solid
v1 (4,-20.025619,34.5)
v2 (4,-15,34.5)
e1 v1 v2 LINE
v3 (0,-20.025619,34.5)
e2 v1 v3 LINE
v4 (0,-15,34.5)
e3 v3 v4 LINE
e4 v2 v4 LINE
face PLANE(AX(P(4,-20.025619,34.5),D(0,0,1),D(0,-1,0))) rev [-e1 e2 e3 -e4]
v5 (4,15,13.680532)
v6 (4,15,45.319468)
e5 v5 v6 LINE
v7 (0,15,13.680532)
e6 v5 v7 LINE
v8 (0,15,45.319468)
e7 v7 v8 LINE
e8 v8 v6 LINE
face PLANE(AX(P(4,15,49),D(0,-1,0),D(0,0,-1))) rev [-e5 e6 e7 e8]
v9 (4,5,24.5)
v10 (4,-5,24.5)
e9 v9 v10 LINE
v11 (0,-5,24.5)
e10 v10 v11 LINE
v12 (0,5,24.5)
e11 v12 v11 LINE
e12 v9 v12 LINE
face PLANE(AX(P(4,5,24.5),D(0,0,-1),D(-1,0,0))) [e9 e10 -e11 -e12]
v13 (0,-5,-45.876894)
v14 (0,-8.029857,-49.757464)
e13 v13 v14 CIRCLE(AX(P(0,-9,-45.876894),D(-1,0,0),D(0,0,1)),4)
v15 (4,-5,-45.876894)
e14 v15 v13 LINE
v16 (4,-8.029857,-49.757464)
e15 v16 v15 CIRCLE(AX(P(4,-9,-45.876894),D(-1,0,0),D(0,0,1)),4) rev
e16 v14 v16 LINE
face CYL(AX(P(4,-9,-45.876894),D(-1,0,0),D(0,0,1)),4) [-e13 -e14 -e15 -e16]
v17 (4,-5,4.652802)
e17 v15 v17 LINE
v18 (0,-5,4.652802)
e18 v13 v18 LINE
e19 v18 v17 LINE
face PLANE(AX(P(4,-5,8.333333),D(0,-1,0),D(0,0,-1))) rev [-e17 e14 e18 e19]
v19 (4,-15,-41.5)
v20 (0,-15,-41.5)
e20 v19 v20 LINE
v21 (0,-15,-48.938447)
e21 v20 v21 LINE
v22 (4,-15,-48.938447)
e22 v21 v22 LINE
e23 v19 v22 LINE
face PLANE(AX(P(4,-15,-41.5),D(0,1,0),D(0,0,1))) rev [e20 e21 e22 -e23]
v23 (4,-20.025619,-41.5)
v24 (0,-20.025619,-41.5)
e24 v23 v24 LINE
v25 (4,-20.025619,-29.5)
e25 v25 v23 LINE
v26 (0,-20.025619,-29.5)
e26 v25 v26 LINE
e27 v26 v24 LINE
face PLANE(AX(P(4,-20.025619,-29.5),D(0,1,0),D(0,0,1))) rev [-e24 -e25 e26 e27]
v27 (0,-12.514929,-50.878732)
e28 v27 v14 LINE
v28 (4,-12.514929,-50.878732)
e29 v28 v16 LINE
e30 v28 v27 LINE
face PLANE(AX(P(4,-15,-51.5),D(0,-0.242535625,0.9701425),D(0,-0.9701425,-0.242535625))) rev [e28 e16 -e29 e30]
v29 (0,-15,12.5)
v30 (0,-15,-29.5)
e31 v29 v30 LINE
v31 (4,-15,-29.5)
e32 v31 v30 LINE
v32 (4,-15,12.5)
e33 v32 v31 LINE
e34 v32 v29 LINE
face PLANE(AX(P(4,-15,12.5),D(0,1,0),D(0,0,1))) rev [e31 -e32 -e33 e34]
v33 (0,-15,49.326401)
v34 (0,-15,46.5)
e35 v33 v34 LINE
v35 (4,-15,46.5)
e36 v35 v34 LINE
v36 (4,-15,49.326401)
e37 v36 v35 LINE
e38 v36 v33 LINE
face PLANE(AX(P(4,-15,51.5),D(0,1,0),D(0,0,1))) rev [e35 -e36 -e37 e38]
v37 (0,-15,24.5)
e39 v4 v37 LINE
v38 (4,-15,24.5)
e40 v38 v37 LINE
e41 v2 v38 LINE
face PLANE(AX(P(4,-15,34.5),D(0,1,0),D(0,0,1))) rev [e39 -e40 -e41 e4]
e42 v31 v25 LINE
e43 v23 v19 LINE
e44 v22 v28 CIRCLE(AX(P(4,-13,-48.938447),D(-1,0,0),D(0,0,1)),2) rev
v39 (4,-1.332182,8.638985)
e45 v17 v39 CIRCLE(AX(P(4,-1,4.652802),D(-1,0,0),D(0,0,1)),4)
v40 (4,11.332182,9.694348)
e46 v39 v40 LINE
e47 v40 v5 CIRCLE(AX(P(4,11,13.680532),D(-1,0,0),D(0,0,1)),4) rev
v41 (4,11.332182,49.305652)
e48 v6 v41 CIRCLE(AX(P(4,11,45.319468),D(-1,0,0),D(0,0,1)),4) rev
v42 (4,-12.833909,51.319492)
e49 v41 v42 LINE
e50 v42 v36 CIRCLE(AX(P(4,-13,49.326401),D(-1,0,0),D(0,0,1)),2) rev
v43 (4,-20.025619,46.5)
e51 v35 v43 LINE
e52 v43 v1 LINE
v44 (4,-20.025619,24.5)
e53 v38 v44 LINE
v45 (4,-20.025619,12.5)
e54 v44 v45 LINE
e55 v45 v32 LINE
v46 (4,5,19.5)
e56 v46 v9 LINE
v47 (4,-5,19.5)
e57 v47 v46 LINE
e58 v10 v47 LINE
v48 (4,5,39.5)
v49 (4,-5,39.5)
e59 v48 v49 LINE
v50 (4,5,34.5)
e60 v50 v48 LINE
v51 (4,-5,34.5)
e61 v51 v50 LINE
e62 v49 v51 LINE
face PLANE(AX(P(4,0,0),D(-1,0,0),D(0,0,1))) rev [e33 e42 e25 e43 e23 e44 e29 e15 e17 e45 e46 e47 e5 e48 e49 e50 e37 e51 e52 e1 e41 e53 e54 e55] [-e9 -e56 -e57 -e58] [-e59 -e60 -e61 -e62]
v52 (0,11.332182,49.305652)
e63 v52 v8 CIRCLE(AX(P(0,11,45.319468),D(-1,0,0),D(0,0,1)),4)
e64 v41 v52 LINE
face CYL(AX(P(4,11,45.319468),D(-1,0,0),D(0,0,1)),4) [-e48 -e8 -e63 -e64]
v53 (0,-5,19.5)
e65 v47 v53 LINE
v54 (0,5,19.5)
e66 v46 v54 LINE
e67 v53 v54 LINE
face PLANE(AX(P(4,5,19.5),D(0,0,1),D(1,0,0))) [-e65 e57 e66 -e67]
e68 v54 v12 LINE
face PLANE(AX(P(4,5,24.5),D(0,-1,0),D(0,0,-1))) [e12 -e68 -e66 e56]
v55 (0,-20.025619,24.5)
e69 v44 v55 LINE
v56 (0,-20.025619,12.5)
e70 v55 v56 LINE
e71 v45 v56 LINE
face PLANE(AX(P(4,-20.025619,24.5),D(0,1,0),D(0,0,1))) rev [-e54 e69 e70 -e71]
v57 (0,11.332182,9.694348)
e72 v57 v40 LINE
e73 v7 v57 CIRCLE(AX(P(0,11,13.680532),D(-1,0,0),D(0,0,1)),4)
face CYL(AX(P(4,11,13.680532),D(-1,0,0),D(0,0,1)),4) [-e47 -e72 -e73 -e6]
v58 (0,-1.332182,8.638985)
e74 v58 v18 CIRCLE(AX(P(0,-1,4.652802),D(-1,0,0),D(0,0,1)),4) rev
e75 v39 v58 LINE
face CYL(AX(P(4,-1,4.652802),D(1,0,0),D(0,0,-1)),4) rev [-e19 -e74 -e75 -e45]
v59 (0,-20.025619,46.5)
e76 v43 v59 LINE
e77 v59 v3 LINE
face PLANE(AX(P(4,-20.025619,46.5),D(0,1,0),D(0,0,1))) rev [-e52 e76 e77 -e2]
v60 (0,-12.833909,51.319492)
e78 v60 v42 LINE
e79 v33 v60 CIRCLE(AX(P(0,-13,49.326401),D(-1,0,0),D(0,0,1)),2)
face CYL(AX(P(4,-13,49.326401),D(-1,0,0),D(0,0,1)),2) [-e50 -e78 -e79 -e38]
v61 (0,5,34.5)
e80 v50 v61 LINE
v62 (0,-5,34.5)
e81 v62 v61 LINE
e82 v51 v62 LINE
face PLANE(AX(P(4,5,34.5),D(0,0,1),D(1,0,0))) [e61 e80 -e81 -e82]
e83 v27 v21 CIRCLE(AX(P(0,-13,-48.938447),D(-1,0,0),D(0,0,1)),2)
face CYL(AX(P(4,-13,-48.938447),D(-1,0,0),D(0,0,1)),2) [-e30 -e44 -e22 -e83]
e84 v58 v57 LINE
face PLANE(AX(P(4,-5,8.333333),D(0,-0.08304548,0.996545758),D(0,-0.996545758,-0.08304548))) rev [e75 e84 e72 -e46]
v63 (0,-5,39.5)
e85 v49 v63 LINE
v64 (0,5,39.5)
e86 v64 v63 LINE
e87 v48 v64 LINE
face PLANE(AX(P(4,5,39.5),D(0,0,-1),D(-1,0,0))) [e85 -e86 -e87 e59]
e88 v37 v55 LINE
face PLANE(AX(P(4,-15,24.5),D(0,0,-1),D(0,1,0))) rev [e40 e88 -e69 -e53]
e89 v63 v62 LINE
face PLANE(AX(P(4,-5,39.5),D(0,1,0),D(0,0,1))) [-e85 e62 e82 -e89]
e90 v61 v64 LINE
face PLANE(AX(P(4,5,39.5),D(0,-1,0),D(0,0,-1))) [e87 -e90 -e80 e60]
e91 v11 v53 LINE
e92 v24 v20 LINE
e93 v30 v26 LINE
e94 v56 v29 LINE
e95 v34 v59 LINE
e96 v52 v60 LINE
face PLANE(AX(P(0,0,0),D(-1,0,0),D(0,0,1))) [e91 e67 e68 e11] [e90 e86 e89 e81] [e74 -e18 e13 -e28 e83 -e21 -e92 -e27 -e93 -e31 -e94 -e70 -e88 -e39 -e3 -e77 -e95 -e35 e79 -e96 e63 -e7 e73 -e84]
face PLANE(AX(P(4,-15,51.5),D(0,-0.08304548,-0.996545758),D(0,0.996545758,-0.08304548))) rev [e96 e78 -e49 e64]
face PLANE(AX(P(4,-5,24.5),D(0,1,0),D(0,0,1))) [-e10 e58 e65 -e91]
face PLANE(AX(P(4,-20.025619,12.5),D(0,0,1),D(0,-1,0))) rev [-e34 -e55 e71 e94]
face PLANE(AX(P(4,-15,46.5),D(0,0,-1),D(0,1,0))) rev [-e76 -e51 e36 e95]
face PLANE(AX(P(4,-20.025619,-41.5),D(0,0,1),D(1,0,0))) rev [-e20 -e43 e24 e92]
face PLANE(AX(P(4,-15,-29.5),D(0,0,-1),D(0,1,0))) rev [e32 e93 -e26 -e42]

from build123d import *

# Parameters (mm, degrees)
SKETCH1_W           = 5
SKETCH1_H           = 10
BOSS_EXTRUDE1_DEPTH = 4
FILLET2_R           = 4
FILLET4_R           = 2


with BuildPart() as part:
    # Sketch1 → Boss-Extrude1 (new body)
    with BuildSketch(Plane(origin=(0, 0, 0), x_dir=(0, 0, -1), z_dir=(1, 0, 0))):
        Polygon((-46.5, -15), (-46.5, -20.025618734), (-34.5, -20.025618734), (-34.5, -15), (-24.5, -15), (-24.5, -20.025618734), (-12.5, -20.025618734), (-12.5, -15), (29.5, -15), (29.5, -20.025618734), (41.5, -20.025618734), (41.5, -15), (51.5, -15), (49, -5), (-8.333333333, -5), (-10, 15), (-49, 15), (-51.5, -15), align=None)
        with Locations((-22, 0)):
            Rectangle(SKETCH1_W, SKETCH1_H, mode=Mode.SUBTRACT)
        with Locations((-37, 0)):
            Rectangle(SKETCH1_W, SKETCH1_H, mode=Mode.SUBTRACT)
    extrude(amount=BOSS_EXTRUDE1_DEPTH)

    # Fillet2
    fillet2_edges = [part.edges().sort_by_distance(p)[0] for p in [
        (2, 15, 49),
        (2, 15, 10),
        (2, -5, 8.333333333),
        (2, -5, -49),
    ]]
    fillet(fillet2_edges, radius=FILLET2_R)

    # Fillet4
    fillet4_edges = [part.edges().sort_by_distance(p)[0] for p in [
        (2, -15, 51.5),
        (2, -15, -51.5),
    ]]
    fillet(fillet4_edges, radius=FILLET4_R)


solid = part.part
